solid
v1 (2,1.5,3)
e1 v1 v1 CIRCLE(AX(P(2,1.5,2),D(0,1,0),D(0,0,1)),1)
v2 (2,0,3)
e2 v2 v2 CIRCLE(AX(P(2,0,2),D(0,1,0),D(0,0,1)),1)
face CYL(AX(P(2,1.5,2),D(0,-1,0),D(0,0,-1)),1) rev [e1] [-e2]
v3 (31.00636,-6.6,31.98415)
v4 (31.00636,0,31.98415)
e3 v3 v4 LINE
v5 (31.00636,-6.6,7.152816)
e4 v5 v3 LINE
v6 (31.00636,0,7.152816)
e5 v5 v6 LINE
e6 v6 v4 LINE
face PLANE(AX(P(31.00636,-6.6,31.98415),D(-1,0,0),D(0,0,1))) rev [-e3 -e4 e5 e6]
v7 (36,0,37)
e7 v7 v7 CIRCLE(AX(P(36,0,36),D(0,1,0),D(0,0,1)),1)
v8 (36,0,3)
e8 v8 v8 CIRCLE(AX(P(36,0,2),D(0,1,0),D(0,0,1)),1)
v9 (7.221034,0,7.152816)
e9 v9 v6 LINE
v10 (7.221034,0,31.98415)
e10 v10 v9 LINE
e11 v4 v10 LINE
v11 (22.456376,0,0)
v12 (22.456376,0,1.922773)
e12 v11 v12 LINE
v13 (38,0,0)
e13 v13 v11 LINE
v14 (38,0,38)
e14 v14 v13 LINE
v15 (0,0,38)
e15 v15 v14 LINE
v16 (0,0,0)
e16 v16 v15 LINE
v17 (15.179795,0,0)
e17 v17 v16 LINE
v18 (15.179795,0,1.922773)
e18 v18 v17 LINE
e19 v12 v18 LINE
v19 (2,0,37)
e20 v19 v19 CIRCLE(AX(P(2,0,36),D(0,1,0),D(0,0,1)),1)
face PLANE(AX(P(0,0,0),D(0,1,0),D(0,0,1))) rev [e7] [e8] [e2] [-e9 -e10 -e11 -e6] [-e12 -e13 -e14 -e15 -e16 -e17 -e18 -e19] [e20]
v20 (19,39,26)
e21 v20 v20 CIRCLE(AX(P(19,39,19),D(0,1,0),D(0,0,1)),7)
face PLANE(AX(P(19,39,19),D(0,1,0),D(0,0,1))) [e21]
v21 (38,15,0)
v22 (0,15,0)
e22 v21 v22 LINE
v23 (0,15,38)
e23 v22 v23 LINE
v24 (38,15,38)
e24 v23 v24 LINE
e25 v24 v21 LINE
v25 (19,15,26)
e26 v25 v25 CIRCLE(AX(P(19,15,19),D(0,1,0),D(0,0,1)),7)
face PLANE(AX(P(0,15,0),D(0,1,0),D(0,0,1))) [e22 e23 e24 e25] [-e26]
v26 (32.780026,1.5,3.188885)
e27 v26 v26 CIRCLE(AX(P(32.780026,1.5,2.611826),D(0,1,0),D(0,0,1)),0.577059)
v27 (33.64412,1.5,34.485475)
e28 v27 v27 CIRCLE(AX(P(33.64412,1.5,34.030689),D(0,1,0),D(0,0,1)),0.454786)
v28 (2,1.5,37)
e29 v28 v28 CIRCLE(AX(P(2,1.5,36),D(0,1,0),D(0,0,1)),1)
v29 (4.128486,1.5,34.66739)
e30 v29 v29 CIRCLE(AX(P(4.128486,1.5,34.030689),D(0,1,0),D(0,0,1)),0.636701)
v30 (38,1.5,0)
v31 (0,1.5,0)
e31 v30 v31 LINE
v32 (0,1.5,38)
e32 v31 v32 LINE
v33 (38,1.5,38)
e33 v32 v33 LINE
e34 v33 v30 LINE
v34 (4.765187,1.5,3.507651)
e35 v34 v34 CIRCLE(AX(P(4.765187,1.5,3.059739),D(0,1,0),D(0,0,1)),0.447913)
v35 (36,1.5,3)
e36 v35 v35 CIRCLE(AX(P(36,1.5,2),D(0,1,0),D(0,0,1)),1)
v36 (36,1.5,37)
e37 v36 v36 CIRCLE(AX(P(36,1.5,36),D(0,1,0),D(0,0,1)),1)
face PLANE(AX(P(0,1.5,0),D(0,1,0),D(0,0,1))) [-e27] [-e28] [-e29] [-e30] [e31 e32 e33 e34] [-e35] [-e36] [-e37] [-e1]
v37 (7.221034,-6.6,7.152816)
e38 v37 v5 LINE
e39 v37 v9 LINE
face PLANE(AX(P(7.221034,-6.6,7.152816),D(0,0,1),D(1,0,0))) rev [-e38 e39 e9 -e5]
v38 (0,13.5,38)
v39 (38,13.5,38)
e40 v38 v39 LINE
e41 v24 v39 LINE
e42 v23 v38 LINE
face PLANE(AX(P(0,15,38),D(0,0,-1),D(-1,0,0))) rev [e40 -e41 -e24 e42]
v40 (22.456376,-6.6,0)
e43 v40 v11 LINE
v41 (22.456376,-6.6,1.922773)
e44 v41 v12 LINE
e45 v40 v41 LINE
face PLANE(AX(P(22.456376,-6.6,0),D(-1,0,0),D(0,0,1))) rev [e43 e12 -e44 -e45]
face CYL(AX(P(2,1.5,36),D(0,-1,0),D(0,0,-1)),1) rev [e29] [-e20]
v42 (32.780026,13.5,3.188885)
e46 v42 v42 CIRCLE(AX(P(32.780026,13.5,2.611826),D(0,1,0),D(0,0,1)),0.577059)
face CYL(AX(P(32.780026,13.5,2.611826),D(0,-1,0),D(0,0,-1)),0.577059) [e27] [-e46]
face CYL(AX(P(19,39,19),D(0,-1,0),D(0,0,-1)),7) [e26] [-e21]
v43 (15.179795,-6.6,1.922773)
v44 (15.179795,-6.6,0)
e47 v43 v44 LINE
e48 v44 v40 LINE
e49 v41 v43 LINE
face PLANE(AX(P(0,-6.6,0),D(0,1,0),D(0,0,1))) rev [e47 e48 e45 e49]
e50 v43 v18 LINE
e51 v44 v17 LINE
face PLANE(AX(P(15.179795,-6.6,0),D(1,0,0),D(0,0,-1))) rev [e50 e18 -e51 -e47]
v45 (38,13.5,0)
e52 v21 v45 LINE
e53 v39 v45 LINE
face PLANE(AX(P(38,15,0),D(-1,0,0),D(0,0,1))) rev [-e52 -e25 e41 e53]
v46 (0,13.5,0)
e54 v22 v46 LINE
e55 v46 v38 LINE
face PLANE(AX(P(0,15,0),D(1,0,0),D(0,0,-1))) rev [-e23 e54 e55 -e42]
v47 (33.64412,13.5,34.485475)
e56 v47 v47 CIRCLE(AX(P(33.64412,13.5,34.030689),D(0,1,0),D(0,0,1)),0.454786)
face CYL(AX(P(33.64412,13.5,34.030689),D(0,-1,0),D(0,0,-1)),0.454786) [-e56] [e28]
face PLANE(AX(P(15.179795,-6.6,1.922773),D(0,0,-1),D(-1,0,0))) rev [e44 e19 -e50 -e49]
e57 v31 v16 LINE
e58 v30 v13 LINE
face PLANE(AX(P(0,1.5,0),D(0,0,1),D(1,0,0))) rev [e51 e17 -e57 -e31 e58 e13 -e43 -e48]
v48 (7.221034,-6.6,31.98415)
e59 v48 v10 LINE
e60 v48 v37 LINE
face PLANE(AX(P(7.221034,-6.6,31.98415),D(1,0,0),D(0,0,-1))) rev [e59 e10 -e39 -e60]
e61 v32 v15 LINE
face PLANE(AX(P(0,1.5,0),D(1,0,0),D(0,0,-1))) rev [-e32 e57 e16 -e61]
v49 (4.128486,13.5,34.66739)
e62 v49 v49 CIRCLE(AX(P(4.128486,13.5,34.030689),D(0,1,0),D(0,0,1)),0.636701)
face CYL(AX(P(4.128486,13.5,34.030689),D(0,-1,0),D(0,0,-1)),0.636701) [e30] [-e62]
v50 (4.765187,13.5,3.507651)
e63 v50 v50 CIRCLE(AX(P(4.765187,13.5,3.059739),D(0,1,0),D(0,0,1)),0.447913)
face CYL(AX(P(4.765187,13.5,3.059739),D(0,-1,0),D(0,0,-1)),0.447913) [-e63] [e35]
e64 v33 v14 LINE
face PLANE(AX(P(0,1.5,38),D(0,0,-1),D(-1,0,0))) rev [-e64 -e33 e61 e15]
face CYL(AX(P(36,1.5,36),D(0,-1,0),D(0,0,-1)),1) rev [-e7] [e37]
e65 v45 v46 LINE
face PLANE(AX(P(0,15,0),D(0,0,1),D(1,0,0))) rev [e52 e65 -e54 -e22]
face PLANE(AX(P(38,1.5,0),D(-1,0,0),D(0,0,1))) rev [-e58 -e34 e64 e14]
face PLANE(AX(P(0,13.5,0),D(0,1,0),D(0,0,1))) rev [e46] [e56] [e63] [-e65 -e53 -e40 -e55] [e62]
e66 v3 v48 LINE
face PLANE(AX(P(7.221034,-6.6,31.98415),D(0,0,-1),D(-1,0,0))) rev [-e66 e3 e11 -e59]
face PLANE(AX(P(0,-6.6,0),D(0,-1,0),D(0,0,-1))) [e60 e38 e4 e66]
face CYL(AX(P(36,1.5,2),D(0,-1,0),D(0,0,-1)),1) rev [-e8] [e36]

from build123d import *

# Parameters (mm, degrees)
SKETCH_1_W      = 38
SKETCH_1_H      = 38
SKETCH_1_R      = 1
EXTRUDE_1_DEPTH = 1.5
SKETCH_2_R      = 0.636700884
SKETCH_2_R_2    = 0.447912605
SKETCH_2_R_3    = 0.577059181
SKETCH_2_R_4    = 0.454786346
EXTRUDE_2_DEPTH = 12
SKETCH_3_W      = 38
SKETCH_3_H      = 38
EXTRUDE_3_DEPTH = 1.5
SKETCH_4_R      = 7
EXTRUDE_4_DEPTH = 24
SKETCH_5_W      = 23.785325885
SKETCH_5_H      = 24.83133448
SKETCH_5_W_2    = 7.276581533
SKETCH_5_H_2    = 1.922772716
EXTRUDE_5_DEPTH = 6.6


with BuildPart() as part:
    # 草图1 → 凸台-拉伸1 (new body)
    with BuildSketch(Plane(origin=(0, 0, 0), x_dir=(1, 0, 0), z_dir=(0, 1, 0))):
        with Locations((19, -19)):
            Rectangle(SKETCH_1_W, SKETCH_1_H)
        with Locations(Location((2, -2, 0), (0, 0, 270))):
            Circle(SKETCH_1_R, mode=Mode.SUBTRACT)
        with Locations(Location((36, -2, 0), (0, 0, 270))):
            Circle(SKETCH_1_R, mode=Mode.SUBTRACT)
        with Locations(Location((36, -36, 0), (0, 0, 270))):
            Circle(SKETCH_1_R, mode=Mode.SUBTRACT)
        with Locations(Location((2, -36, 0), (0, 0, 270))):
            Circle(SKETCH_1_R, mode=Mode.SUBTRACT)
    extrude(amount=EXTRUDE_1_DEPTH)

    # 草图2 → 凸台-拉伸2 (add)
    with BuildSketch(Plane(origin=(0, 1.5, 0), x_dir=(1, 0, 0), z_dir=(0, 1, 0))):
        with Locations(Location((4.128486493, -34.030688728, 0), (0, 0, 270))):
            Circle(SKETCH_2_R)
        with Locations(Location((4.765187377, -3.05973858, 0), (0, 0, 270))):
            Circle(SKETCH_2_R_2)
        with Locations(Location((32.780026277, -2.611825975, 0), (0, 0, 270))):
            Circle(SKETCH_2_R_3)
        with Locations(Location((33.644120334, -34.030688728, 0), (0, 0, 270))):
            Circle(SKETCH_2_R_4)
    extrude(amount=EXTRUDE_2_DEPTH)

    # 草图3 → 凸台-拉伸3 (add)
    with BuildSketch(Plane(origin=(0, 13.5, 0), x_dir=(1, 0, 0), z_dir=(0, 1, 0))):
        with Locations((19, -19)):
            Rectangle(SKETCH_3_W, SKETCH_3_H)
    extrude(amount=EXTRUDE_3_DEPTH)

    # 草图4 → 凸台-拉伸4 (add)
    with BuildSketch(Plane(origin=(0, 15, 0), x_dir=(1, 0, 0), z_dir=(0, 1, 0))):
        with Locations(Location((19, -19, 0), (0, 0, 270))):
            Circle(SKETCH_4_R)
    extrude(amount=EXTRUDE_4_DEPTH)

    # 草图5 → 凸台-拉伸5 (add)
    with BuildSketch(Plane(origin=(0, 0, 0), x_dir=(-1, 0, 0), z_dir=(0, -1, 0))):
        with Locations((-19.113696587, -19.568482932)):
            Rectangle(SKETCH_5_W, SKETCH_5_H)
        with Locations((-18.818085462, -0.961386358)):
            Rectangle(SKETCH_5_W_2, SKETCH_5_H_2)
    extrude(amount=EXTRUDE_5_DEPTH)


solid = part.part
